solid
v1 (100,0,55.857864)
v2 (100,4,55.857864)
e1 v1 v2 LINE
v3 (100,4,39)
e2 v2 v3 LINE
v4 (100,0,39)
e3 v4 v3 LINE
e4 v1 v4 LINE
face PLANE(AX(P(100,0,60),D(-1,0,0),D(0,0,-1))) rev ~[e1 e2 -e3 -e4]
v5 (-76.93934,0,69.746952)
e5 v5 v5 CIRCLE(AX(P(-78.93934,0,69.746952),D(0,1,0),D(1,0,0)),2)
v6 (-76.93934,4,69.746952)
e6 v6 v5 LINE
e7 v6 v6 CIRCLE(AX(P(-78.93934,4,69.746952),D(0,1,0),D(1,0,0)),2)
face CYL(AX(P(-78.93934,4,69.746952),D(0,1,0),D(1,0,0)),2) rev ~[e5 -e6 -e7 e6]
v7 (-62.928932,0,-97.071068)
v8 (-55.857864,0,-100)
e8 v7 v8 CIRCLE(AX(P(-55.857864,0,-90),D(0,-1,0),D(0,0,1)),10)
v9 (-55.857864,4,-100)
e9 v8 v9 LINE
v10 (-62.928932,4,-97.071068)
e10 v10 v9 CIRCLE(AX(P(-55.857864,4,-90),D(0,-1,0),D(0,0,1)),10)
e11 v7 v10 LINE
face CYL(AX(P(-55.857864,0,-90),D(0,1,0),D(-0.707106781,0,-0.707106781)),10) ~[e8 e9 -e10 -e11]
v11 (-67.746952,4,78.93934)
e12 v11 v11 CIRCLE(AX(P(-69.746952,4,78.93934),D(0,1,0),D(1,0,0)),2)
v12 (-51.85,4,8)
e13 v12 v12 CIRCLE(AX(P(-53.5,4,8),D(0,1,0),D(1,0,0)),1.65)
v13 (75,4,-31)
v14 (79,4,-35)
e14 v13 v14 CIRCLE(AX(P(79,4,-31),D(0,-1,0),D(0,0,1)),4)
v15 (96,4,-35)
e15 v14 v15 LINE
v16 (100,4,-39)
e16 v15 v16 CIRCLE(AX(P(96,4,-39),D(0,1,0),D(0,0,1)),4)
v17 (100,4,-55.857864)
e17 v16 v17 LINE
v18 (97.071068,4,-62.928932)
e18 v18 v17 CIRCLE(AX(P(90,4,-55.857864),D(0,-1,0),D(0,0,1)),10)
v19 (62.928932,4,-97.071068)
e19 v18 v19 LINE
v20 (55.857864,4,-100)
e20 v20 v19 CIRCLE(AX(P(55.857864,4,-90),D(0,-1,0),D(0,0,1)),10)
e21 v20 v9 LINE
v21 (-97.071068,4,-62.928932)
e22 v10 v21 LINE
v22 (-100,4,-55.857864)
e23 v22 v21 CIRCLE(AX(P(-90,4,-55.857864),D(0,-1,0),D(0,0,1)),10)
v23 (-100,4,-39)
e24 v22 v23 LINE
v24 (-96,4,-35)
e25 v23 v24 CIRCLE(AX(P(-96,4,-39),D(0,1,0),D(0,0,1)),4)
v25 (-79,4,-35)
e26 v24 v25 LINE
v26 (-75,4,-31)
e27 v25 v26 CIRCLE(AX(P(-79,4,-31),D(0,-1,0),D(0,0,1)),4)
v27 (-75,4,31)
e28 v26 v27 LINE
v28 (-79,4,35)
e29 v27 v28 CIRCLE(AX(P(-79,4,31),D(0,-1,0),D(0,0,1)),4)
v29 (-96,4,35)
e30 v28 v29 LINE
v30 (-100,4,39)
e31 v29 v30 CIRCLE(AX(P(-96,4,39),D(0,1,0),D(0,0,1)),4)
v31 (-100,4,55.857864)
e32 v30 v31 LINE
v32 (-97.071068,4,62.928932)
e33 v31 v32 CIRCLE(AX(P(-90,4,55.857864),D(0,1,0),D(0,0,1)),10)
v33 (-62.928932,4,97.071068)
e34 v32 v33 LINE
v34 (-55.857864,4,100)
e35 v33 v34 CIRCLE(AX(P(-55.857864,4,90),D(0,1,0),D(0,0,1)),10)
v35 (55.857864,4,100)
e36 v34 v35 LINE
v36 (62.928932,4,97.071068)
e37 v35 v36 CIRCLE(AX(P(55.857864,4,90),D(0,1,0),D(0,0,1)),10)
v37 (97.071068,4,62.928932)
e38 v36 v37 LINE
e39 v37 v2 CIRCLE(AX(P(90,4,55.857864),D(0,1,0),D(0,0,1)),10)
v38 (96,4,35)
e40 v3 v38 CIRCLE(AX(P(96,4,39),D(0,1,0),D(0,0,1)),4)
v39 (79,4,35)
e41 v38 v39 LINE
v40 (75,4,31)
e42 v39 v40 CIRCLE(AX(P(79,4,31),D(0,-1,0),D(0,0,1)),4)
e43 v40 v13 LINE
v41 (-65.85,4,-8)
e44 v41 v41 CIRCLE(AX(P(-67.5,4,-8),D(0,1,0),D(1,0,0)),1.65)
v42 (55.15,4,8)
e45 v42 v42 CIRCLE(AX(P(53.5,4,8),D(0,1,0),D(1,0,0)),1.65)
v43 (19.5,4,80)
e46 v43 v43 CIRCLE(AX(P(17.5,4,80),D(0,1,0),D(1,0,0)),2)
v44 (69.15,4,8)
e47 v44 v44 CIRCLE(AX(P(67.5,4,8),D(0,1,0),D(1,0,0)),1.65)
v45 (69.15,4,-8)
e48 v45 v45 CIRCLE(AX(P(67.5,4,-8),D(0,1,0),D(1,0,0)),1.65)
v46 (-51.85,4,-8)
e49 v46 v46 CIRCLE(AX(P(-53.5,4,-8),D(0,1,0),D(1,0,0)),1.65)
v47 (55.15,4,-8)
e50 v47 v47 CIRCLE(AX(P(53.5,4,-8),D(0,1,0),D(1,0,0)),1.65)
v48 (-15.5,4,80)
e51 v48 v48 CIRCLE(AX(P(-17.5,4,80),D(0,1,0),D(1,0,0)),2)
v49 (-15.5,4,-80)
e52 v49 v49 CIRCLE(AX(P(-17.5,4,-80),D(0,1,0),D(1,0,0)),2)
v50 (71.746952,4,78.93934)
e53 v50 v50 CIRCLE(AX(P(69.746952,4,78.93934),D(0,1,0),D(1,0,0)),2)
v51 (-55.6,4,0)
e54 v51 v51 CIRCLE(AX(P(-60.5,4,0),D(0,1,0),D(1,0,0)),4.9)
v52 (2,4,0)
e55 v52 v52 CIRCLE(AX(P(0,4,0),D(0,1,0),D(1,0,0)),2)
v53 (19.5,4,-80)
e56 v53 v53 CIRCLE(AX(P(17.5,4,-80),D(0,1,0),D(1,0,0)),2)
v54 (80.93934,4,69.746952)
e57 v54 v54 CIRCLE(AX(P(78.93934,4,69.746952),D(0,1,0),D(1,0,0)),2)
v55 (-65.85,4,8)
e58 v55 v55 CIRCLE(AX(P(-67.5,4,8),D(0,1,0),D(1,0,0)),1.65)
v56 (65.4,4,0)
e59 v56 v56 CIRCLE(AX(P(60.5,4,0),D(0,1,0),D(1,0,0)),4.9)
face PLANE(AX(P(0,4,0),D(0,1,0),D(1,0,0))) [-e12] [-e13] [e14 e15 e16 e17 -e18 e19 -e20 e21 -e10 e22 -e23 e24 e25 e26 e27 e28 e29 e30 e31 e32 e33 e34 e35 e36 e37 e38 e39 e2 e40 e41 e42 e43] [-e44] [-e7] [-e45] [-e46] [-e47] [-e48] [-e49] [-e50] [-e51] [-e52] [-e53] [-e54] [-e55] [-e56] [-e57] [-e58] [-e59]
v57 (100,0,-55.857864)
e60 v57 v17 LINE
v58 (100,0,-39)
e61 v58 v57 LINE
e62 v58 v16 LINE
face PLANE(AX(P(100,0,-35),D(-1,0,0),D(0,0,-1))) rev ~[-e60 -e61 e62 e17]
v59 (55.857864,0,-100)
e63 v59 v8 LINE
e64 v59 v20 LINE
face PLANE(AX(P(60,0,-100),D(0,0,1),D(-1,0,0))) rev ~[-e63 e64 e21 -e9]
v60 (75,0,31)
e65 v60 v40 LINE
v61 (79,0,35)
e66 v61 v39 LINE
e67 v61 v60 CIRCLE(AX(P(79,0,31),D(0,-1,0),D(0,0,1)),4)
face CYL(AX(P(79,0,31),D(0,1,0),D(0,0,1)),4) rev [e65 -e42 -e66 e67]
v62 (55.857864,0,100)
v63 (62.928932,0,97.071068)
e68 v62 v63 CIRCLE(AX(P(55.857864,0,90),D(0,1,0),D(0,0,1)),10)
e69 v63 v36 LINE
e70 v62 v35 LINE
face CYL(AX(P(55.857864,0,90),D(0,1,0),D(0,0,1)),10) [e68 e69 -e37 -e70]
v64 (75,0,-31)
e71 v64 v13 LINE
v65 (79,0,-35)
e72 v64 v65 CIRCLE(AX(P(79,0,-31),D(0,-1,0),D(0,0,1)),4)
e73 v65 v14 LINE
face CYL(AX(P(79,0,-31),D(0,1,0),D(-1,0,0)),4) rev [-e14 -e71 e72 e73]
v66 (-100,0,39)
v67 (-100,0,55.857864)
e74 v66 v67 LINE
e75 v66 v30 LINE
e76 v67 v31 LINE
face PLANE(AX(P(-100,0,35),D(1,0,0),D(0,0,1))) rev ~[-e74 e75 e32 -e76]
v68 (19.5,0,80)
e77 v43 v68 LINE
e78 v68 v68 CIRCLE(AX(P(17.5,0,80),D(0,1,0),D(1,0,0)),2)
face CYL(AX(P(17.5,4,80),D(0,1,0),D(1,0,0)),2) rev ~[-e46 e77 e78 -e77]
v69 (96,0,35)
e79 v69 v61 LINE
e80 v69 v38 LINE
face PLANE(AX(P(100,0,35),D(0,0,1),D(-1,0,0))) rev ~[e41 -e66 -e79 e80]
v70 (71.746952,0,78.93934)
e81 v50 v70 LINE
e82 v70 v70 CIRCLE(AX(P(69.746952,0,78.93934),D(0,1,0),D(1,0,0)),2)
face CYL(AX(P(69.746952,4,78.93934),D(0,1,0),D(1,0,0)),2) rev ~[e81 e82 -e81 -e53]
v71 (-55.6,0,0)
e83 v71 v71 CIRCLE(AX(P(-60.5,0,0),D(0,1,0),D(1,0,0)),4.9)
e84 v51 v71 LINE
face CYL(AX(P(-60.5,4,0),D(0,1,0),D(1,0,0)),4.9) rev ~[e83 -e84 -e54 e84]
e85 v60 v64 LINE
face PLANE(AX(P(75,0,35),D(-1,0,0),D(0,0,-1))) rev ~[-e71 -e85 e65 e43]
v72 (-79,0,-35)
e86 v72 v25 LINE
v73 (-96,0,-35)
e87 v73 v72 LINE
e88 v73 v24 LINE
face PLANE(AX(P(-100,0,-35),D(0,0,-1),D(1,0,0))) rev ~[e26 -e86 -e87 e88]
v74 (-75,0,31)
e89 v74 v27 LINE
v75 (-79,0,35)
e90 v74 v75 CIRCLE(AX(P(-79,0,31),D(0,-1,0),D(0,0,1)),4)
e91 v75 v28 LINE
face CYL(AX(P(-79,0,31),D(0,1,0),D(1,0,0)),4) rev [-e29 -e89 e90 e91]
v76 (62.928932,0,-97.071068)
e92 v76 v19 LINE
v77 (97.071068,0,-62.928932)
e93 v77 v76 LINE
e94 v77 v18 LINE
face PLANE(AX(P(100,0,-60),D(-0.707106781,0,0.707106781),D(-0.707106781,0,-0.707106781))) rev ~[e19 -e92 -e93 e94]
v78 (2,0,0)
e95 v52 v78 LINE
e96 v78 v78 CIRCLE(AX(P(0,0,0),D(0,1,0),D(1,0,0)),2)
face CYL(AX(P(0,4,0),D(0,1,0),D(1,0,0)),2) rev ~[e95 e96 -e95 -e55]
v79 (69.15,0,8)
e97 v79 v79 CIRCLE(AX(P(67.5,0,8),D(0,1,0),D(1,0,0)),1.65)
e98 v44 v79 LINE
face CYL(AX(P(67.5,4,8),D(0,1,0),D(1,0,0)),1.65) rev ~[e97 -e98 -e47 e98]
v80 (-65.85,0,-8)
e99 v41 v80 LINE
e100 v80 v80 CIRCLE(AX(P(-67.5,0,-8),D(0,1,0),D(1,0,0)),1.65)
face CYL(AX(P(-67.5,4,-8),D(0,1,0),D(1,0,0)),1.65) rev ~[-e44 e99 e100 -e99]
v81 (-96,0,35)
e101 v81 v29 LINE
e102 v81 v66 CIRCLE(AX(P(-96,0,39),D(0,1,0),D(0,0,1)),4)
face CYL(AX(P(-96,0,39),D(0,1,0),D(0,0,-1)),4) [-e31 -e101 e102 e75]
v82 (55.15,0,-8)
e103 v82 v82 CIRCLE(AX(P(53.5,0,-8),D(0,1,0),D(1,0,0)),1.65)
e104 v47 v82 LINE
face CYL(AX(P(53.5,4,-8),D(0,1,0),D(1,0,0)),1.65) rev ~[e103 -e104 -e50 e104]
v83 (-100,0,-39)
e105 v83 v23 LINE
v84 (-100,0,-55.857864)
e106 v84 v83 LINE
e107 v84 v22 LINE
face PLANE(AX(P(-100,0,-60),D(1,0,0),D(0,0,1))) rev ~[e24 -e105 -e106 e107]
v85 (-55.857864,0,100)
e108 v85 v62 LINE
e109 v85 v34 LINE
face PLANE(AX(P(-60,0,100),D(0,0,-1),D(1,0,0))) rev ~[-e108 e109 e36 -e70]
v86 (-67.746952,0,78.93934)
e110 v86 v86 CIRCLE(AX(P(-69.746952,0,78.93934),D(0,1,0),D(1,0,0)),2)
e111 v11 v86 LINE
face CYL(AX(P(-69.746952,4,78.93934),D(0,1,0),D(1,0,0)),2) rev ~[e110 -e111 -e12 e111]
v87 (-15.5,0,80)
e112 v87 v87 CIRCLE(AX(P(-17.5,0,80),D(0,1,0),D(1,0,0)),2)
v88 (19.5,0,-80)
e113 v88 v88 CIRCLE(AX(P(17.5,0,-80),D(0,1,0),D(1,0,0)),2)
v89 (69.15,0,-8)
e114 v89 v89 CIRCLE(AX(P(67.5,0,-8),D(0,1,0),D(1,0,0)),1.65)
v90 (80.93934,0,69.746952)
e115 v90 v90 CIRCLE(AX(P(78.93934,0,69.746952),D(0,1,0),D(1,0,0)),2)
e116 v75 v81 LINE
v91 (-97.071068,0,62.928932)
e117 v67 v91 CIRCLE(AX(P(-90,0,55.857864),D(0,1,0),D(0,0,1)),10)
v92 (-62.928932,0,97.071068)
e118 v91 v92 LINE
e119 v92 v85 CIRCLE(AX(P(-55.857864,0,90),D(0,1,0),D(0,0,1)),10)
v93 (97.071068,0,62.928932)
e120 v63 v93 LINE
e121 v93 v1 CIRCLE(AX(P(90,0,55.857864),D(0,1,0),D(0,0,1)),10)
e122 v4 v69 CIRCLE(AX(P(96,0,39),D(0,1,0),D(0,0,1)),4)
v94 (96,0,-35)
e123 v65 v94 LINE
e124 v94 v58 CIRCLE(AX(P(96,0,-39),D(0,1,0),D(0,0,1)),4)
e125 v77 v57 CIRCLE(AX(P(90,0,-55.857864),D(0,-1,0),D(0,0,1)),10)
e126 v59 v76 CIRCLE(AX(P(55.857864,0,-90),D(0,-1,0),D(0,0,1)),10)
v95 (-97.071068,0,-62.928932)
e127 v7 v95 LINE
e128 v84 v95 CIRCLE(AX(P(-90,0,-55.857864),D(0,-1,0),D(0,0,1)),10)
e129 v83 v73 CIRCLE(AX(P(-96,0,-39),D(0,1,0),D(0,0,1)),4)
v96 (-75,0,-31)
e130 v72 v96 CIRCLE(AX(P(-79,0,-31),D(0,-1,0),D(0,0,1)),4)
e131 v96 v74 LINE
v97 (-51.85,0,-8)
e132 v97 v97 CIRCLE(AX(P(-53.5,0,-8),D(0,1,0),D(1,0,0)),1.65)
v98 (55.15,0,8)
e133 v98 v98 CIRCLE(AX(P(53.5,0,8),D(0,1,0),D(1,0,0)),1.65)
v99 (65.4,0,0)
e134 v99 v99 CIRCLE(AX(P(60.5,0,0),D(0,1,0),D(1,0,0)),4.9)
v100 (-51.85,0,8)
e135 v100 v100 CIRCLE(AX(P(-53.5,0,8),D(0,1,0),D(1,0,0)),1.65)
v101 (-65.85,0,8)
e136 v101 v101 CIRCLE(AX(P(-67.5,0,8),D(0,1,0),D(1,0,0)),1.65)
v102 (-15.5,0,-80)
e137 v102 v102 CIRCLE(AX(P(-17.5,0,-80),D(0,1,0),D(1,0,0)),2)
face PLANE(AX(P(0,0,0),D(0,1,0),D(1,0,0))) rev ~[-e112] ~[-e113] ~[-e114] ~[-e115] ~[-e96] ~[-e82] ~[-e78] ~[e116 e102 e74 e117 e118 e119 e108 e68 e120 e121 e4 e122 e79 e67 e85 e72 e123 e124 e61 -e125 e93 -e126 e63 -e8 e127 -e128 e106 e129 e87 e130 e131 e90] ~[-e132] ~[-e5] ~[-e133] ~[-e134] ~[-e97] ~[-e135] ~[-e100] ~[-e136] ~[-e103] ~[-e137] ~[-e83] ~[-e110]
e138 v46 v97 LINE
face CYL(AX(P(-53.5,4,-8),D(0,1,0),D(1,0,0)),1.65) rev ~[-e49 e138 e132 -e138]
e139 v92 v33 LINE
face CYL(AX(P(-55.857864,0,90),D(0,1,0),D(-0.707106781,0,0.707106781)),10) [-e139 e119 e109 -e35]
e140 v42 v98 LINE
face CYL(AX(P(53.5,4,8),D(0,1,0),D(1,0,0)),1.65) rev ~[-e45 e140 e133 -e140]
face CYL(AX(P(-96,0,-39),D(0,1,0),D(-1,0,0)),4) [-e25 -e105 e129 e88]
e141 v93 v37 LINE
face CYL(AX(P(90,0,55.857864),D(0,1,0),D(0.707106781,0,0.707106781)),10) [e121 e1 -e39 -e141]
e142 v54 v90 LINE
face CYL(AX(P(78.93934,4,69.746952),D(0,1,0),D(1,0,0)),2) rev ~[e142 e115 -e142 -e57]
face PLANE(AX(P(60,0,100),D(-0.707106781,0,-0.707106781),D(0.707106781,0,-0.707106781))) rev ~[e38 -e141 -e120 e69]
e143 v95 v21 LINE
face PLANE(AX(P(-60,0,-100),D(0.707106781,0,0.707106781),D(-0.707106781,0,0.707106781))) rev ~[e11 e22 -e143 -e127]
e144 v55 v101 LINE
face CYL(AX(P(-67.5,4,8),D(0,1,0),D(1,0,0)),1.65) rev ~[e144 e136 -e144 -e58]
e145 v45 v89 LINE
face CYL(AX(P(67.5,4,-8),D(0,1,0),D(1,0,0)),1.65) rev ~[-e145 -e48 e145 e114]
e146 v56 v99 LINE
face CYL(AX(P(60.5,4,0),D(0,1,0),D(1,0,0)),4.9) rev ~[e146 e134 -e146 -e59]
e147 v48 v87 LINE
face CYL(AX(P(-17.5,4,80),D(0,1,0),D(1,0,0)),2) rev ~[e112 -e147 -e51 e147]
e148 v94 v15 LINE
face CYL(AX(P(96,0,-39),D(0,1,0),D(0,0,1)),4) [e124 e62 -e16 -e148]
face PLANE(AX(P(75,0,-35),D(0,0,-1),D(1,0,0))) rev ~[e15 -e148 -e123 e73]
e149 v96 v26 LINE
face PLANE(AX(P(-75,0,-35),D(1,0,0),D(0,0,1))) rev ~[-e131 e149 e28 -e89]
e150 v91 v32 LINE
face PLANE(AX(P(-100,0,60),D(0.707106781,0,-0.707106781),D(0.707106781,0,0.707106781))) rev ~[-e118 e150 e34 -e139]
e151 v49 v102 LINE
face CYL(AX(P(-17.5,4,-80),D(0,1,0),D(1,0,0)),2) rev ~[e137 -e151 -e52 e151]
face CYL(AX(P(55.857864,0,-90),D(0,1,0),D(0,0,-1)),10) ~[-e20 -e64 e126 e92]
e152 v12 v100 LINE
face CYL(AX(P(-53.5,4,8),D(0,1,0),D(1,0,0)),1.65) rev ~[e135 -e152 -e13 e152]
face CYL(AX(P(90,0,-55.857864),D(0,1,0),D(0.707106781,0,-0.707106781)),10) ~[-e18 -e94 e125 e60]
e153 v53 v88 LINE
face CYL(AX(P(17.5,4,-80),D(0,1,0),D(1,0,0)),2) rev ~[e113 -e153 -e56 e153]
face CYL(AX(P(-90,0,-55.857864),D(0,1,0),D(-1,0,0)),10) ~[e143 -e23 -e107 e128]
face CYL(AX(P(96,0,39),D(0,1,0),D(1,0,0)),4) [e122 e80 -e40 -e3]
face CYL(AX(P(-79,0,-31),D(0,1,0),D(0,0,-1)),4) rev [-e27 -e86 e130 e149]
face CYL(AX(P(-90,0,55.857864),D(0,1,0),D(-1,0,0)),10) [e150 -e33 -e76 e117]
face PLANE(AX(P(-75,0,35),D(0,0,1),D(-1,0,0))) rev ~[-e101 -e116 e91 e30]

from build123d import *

# Parameters (mm, degrees)
EXTRUDE_1_DEPTH     = 4
FILLET_1_R          = 4
FILLET_2_R          = 10
SKETCH_8_R          = 4.9
SKETCH_8_R_2        = 1.65
SKETCH_8_R_3        = 2
CUT_EXTRUDE_1_DEPTH = 5


with BuildPart() as part:
    # 草图1 → 凸台-拉伸1 (new body)
    with BuildSketch(Plane(origin=(0, 0, 0), x_dir=(1, 0, 0), z_dir=(0, 1, 0))):
        Polygon((60, 100), (-60, 100), (-100, 60), (-100, 35), (-75, 35), (-75, -35), (-100, -35), (-100, -60), (-60, -100), (60, -100), (100, -60), (100, -35), (75, -35), (75, 35), (100, 35), (100, 60), align=None)
    extrude(amount=EXTRUDE_1_DEPTH)

    # 圆角1
    fillet_1_edges = [part.edges().sort_by_distance(p)[0] for p in [
        (100, 2, 35),
        (-100, 2, 35),
        (-75, 2, 35),
        (-75, 2, -35),
        (-100, 2, -35),
        (100, 2, -35),
        (75, 2, -35),
        (75, 2, 35),
    ]]
    fillet(fillet_1_edges, radius=FILLET_1_R)

    # 圆角2
    fillet_2_edges = [part.edges().sort_by_distance(p)[0] for p in [
        (100, 2, 60),
        (60, 2, 100),
        (-60, 2, 100),
        (-100, 2, 60),
        (-100, 2, -60),
        (-60, 2, -100),
        (60, 2, -100),
        (100, 2, -60),
    ]]
    fillet(fillet_2_edges, radius=FILLET_2_R)

    # 草图8 → 切除-拉伸1 (cut, through all)
    with BuildSketch(Plane(origin=(0, 4, 0), x_dir=(1, 0, 0), z_dir=(0, 1, 0))):
        with Locations((-60.5, 0)):
            Circle(SKETCH_8_R)
        with Locations((-67.5, 8)):
            Circle(SKETCH_8_R_2)
        with Locations((-53.5, 8)):
            Circle(SKETCH_8_R_2)
        with Locations((-53.5, -8)):
            Circle(SKETCH_8_R_2)
        with Locations((-67.5, -8)):
            Circle(SKETCH_8_R_2)
        with Locations((53.5, -8)):
            Circle(SKETCH_8_R_2)
        with Locations((67.5, -8)):
            Circle(SKETCH_8_R_2)
        with Locations((60.5, 0)):
            Circle(SKETCH_8_R)
        with Locations((53.5, 8)):
            Circle(SKETCH_8_R_2)
        with Locations((67.5, 8)):
            Circle(SKETCH_8_R_2)
        with Locations((-17.5, 80)):
            Circle(SKETCH_8_R_3)
        with Locations((17.5, 80)):
            Circle(SKETCH_8_R_3)
        with Locations((17.5, -80)):
            Circle(SKETCH_8_R_3)
        with Locations((-17.5, -80)):
            Circle(SKETCH_8_R_3)
        Circle(SKETCH_8_R_3)
        with Locations((-78.939339828, -69.746951673)):
            Circle(SKETCH_8_R_3)
        with Locations((-69.746951673, -78.939339828)):
            Circle(SKETCH_8_R_3)
        with Locations((69.746951673, -78.939339828)):
            Circle(SKETCH_8_R_3)
        with Locations((78.939339828, -69.746951673)):
            Circle(SKETCH_8_R_3)
    extrude(amount=-CUT_EXTRUDE_1_DEPTH, mode=Mode.SUBTRACT)


solid = part.part
